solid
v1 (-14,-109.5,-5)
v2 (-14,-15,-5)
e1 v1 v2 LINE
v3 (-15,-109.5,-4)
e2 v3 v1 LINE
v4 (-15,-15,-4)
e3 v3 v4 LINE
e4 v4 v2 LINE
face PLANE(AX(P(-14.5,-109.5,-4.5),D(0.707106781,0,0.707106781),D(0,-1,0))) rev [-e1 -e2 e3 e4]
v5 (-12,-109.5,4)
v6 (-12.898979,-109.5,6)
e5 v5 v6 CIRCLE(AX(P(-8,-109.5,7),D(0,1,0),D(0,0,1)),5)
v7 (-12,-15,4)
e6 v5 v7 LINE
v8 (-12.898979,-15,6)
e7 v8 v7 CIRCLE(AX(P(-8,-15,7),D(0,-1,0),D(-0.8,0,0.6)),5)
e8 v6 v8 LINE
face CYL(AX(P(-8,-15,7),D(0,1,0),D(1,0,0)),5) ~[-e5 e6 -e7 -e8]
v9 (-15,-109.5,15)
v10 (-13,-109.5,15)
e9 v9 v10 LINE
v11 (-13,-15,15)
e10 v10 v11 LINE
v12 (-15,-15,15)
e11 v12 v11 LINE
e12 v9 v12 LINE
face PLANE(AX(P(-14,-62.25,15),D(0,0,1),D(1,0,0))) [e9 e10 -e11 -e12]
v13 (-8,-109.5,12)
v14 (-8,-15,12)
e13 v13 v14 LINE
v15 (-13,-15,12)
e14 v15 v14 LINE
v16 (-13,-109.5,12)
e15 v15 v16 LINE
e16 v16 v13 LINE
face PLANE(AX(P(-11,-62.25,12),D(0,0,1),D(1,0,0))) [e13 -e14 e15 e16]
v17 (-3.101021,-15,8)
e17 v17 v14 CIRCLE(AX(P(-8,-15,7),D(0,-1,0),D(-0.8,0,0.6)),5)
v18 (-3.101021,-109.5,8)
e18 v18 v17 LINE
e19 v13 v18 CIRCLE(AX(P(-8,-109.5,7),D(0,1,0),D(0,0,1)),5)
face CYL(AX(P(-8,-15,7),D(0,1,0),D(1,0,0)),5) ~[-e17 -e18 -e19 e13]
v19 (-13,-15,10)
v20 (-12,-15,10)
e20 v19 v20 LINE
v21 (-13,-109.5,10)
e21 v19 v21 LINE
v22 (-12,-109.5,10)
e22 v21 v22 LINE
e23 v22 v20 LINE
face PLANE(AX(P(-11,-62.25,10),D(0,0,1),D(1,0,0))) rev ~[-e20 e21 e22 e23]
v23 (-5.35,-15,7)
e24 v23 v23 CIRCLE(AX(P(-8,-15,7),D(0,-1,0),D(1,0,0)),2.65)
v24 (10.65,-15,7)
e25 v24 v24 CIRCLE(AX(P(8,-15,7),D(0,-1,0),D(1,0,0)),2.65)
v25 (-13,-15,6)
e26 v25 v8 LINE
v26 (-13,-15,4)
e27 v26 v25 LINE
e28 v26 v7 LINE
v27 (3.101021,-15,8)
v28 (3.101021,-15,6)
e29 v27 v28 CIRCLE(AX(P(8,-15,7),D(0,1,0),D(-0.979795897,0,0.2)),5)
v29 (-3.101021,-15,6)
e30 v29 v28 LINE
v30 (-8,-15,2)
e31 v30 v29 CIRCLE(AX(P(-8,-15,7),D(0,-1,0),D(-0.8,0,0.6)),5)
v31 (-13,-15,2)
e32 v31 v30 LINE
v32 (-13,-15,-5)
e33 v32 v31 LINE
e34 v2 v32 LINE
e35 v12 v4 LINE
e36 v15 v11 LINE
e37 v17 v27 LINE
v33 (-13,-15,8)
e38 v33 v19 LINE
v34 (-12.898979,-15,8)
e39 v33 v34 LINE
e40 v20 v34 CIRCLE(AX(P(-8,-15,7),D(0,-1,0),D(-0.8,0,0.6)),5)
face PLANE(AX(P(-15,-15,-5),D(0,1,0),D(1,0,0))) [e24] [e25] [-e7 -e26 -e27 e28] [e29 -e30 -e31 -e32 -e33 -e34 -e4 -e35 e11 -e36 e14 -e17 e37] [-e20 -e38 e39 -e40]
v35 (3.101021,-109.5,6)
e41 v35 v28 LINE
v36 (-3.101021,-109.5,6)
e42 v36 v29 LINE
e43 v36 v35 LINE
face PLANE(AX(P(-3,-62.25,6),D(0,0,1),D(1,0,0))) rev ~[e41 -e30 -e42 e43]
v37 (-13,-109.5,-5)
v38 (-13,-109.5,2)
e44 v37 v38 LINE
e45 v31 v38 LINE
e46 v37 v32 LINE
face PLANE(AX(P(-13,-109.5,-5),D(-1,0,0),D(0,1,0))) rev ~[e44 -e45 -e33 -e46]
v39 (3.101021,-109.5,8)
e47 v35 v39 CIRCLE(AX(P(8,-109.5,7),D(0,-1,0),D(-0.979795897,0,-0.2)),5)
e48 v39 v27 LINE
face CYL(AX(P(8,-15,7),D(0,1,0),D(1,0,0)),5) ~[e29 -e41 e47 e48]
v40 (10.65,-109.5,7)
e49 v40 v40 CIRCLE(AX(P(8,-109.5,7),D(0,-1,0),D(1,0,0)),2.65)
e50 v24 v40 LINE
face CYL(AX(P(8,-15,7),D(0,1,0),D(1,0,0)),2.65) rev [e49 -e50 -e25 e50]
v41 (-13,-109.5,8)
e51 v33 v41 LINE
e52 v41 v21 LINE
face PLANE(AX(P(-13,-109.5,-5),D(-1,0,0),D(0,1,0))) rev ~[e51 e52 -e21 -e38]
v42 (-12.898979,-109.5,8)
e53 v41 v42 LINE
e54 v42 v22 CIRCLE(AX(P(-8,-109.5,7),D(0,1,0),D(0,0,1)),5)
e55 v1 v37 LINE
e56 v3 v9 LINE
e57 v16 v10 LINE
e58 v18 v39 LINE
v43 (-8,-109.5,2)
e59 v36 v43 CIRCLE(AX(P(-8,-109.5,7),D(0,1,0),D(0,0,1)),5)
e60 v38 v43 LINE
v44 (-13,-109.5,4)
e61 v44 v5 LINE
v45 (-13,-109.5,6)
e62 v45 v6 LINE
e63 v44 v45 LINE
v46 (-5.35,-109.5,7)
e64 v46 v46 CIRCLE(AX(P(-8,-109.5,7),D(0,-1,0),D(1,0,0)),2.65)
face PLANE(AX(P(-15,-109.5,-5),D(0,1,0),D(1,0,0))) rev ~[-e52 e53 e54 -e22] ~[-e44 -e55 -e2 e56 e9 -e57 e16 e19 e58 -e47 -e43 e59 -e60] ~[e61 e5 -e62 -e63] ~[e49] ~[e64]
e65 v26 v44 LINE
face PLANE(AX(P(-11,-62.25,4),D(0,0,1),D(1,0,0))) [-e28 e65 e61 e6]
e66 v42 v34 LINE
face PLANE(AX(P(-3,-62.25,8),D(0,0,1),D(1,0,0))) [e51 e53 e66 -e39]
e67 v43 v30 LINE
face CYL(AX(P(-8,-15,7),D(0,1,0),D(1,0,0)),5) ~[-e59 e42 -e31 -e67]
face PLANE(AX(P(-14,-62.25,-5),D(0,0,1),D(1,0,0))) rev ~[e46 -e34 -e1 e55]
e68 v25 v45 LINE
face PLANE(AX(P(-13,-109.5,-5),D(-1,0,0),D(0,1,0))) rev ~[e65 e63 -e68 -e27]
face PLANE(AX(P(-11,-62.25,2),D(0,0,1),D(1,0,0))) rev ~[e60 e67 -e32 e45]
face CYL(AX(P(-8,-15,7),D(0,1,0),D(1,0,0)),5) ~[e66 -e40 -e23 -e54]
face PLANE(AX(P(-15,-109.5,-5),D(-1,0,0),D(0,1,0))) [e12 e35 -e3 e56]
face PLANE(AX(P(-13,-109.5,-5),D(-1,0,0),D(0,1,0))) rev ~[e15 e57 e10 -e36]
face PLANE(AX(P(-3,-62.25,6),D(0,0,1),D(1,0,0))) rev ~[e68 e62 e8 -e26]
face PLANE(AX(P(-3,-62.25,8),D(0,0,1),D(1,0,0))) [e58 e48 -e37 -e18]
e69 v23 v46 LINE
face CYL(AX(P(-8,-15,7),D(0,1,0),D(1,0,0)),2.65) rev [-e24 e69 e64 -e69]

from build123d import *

# Parameters (mm, degrees)
CYLINDER035_R      = 2.65
CYLINDER035_DEPTH  = 94.5
CYLINDER036_R      = 2.65
CYLINDER036_DEPTH  = 94.5
CYLINDER038_R      = 5
CYLINDER038_DEPTH  = 94.5
CYLINDER037_R      = 5
CYLINDER037_DEPTH  = 94.5
BOX033_W           = 6
BOX033_H           = 94.5
BOX033_DEPTH       = 2
BOX032_W           = 24
BOX032_H           = 94.5
BOX032_DEPTH       = 2
BOX031_W           = 2
BOX031_H           = 94.5
BOX031_DEPTH       = 20
CHAMFER006034_SIZE = 1
BOX042_W           = 6
BOX042_H           = 94.5
BOX042_DEPTH       = 2


with BuildPart() as cylinder035:
    # Cylinder035 → Cylinder035 (new body)
    with BuildSketch(Plane(origin=(8, -15, 7), x_dir=(1, 0, 0), z_dir=(0, -1, 0))):
        Circle(CYLINDER035_R)
    extrude(amount=CYLINDER035_DEPTH)


with BuildPart() as fusion020006007003002009018004004009:
    # Cylinder036 → Cylinder036 (new body)
    with BuildSketch(Plane(origin=(-8, -15, 7), x_dir=(1, 0, 0), z_dir=(0, -1, 0))):
        Circle(CYLINDER036_R)
    extrude(amount=CYLINDER036_DEPTH)

    # Fusion020006007003002009018004004009: union Cylinder035
    add(cylinder035.part)


with BuildPart() as cylinder038:
    # Cylinder038 → Cylinder038 (new body)
    with BuildSketch(Plane(origin=(8, -15, 7), x_dir=(1, 0, 0), z_dir=(0, -1, 0))):
        Circle(CYLINDER038_R)
    extrude(amount=CYLINDER038_DEPTH)


with BuildPart() as fusion020006007003002009018004004007:
    # Cylinder037 → Cylinder037 (new body)
    with BuildSketch(Plane(origin=(-8, -15, 7), x_dir=(1, 0, 0), z_dir=(0, -1, 0))):
        Circle(CYLINDER037_R)
    extrude(amount=CYLINDER037_DEPTH)

    # Fusion020006007003002009018004004007: union Cylinder038
    add(cylinder038.part)


with BuildPart() as cube033:
    # Box033 → Box033 (new body)
    with BuildSketch(Plane(origin=(-14, -109.5, 2), x_dir=(1, 0, 0), z_dir=(0, 0, 1))):
        with Locations((3, 47.25)):
            Rectangle(BOX033_W, BOX033_H)
    extrude(amount=BOX033_DEPTH)


with BuildPart() as cube032:
    # Box032 → Box032 (new body)
    with BuildSketch(Plane(origin=(-15, -109.5, 6), x_dir=(1, 0, 0), z_dir=(0, 0, 1))):
        with Locations((12, 47.25)):
            Rectangle(BOX032_W, BOX032_H)
    extrude(amount=BOX032_DEPTH)


with BuildPart() as chamfer006034:
    # Box031 → Box031 (new body)
    with BuildSketch(Plane(origin=(-15, -109.5, -5), x_dir=(1, 0, 0), z_dir=(0, 0, 1))):
        with Locations((1, 47.25)):
            Rectangle(BOX031_W, BOX031_H)
    extrude(amount=BOX031_DEPTH)

    # Chamfer006034
    chamfer006034_edges = [chamfer006034.edges().sort_by_distance(p)[0] for p in [
        (-15, -62.25, -5),
    ]]
    chamfer(chamfer006034_edges, length=CHAMFER006034_SIZE)


with BuildPart() as bottom_side_95mm_wall:
    # Box042 → Box042 (new body)
    with BuildSketch(Plane(origin=(-14, -109.5, 10), x_dir=(1, 0, 0), z_dir=(0, 0, 1))):
        with Locations((3, 47.25)):
            Rectangle(BOX042_W, BOX042_H)
    extrude(amount=BOX042_DEPTH)

    # Fusion020006007003002009018004004013: union Fusion020006007003002009018004004007, Cube033, Cube032, Chamfer006034
    add(fusion020006007003002009018004004007.part)
    add(cube033.part)
    add(cube032.part)
    add(chamfer006034.part)

    # Cut019003005: cut Fusion020006007003002009018004004009
    add(fusion020006007003002009018004004009.part, mode=Mode.SUBTRACT)


solid = bottom_side_95mm_wall.part
